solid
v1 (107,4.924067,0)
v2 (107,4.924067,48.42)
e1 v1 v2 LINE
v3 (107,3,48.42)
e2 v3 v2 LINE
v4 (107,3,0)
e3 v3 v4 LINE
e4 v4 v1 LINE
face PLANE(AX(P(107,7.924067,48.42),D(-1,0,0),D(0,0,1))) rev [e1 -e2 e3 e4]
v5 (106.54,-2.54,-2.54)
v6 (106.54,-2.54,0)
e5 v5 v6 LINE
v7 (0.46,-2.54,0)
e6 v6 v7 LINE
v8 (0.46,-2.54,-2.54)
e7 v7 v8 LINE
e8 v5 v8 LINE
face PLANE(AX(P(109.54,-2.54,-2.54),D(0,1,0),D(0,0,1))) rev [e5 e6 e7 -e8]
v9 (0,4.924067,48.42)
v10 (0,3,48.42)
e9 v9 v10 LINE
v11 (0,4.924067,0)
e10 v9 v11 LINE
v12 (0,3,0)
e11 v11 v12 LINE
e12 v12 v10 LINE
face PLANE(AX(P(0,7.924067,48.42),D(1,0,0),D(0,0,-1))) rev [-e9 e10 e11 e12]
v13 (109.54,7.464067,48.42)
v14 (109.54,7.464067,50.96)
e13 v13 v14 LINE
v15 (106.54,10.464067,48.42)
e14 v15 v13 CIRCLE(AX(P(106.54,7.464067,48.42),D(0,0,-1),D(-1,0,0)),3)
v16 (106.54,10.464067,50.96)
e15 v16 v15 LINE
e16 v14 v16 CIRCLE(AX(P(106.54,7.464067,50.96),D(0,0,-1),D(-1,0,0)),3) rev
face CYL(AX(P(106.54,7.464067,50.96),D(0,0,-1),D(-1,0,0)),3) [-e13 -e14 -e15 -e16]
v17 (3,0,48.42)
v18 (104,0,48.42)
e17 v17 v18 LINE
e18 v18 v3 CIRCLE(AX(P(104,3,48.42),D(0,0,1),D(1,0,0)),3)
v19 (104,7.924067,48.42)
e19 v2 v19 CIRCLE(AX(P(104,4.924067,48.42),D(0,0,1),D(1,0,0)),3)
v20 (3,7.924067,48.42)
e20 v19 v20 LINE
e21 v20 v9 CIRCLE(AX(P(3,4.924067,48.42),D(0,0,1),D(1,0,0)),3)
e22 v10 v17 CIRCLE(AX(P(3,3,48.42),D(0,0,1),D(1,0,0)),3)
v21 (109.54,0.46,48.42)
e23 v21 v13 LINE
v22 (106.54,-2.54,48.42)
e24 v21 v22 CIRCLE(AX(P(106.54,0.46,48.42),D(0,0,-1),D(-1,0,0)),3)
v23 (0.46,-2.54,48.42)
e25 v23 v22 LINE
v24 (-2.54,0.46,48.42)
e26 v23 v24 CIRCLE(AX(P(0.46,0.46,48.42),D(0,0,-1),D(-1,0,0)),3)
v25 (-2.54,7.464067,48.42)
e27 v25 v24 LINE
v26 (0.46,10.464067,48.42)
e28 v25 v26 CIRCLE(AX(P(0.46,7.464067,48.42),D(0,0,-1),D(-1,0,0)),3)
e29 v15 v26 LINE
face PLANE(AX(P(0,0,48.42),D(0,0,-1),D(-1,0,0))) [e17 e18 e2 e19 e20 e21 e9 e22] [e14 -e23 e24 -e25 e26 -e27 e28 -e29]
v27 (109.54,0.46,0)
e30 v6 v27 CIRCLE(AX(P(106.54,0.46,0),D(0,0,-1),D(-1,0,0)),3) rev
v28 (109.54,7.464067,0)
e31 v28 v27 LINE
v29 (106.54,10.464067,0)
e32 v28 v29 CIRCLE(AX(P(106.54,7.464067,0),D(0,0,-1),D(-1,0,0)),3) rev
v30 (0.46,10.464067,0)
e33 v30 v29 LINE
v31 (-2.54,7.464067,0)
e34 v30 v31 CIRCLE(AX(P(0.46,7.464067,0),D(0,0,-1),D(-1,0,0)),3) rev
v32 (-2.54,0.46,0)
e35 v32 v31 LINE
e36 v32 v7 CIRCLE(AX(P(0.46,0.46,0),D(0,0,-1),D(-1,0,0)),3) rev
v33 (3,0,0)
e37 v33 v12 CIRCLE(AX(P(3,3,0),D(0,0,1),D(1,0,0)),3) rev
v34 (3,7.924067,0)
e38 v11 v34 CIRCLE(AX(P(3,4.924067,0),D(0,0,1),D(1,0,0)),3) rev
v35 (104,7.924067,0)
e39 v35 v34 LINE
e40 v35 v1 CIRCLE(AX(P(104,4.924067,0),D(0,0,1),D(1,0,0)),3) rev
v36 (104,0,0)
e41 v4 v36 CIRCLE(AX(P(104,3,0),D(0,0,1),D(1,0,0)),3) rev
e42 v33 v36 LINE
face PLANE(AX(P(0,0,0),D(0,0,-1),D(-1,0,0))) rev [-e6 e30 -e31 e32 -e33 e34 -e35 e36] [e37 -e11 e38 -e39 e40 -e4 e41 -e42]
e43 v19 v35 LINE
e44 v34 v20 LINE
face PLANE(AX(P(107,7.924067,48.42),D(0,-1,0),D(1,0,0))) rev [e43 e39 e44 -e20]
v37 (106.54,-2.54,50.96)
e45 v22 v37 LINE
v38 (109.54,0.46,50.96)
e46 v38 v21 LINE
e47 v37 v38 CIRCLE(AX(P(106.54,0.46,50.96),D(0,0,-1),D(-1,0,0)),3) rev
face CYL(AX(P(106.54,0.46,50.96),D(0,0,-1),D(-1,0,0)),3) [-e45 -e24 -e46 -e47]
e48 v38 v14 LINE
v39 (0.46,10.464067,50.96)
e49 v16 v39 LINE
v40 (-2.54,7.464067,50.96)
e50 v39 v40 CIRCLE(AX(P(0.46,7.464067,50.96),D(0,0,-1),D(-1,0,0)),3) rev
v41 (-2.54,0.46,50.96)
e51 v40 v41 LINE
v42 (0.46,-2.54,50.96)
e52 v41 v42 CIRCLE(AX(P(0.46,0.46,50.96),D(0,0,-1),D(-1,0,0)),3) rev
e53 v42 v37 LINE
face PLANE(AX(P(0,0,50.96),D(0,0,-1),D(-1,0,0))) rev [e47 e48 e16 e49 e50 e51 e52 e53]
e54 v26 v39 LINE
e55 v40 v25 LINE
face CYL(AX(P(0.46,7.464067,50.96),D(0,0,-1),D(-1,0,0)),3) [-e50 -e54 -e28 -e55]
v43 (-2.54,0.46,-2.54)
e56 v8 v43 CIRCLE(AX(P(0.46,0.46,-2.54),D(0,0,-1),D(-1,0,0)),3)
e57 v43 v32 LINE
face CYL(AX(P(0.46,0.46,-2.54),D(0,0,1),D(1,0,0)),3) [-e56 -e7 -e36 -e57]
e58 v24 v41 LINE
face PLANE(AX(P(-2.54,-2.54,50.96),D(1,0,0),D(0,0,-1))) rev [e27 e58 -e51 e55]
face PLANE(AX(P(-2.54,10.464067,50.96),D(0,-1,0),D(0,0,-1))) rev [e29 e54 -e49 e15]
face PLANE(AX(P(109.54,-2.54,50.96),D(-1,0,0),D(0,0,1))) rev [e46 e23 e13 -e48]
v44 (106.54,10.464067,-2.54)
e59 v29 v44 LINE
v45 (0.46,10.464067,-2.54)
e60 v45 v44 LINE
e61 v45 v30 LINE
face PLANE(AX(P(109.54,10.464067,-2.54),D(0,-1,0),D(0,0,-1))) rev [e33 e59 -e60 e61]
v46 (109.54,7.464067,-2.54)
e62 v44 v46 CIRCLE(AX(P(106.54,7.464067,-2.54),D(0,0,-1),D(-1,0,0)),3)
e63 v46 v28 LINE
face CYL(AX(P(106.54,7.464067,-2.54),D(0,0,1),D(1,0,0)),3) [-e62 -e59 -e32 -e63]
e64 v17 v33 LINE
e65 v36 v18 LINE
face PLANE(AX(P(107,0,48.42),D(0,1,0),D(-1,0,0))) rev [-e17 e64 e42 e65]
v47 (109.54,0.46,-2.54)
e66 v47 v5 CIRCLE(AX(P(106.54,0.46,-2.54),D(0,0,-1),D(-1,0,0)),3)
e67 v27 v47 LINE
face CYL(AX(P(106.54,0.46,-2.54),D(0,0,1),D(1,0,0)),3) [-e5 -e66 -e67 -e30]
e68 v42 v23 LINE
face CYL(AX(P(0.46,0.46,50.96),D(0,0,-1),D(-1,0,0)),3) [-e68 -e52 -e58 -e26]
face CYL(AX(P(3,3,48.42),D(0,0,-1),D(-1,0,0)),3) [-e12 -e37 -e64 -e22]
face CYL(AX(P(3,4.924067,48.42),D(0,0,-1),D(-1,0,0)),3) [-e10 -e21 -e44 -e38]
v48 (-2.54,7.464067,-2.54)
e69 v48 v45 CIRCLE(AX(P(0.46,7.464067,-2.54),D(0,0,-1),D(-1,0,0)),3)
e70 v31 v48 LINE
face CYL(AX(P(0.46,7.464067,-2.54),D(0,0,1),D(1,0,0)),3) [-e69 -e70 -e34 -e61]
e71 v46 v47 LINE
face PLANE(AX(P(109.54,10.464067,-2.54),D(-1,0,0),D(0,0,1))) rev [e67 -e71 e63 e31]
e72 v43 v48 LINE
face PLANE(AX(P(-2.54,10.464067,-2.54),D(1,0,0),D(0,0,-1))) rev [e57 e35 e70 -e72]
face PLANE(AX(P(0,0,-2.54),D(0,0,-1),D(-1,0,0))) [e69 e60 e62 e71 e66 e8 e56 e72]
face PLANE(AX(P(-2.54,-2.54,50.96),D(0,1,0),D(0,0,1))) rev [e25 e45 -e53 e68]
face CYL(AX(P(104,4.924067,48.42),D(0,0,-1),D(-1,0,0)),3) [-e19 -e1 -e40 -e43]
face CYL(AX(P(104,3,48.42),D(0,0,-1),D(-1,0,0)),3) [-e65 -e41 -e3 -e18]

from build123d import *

# Parameters (mm, degrees)
SKETCH2_W           = 107
SKETCH2_H           = 7.924066875
BOSS_EXTRUDE1_DEPTH = 48.42
FILLET1_R           = 3
SKETCH3_W           = 112.08
SKETCH3_H           = 13.004066875
BOSS_EXTRUDE2_DEPTH = 2.54
SKETCH4_W           = 112.08
SKETCH4_H           = 13.004066875
BOSS_EXTRUDE3_DEPTH = 2.54
FILLET2_R           = 3


with BuildPart() as part:
    # Sketch2 → Boss-Extrude1 (new body)
    with BuildSketch(Plane.XY):
        with Locations((53.5, 3.962033438)):
            Rectangle(SKETCH2_W, SKETCH2_H)
    extrude(amount=BOSS_EXTRUDE1_DEPTH)

    # Fillet1
    fillet1_edges = [part.edges().sort_by_distance(p)[0] for p in [
        (0, 0, 24.21),
        (0, 7.924066875, 24.21),
        (107, 7.924066875, 24.21),
        (107, 0, 24.21),
    ]]
    fillet(fillet1_edges, radius=FILLET1_R)

    # Sketch3 → Boss-Extrude2 (add)
    with BuildSketch(Plane.XY.offset(48.42)):
        with Locations((53.5, 3.962033438)):
            Rectangle(SKETCH3_W, SKETCH3_H)
    extrude(amount=BOSS_EXTRUDE2_DEPTH)

    # Sketch4 → Boss-Extrude3 (add)
    with BuildSketch(Plane(origin=(0, 0, 0), x_dir=(-1, 0, 0), z_dir=(0, 0, -1))):
        with Locations((-53.5, 3.962033438)):
            Rectangle(SKETCH4_W, SKETCH4_H)
    extrude(amount=BOSS_EXTRUDE3_DEPTH)

    # Fillet2
    fillet2_edges = [part.edges().sort_by_distance(p)[0] for p in [
        (-2.54, 10.464066875, 49.69),
        (-2.54, -2.54, 49.69),
        (109.54, -2.54, 49.69),
        (109.54, 10.464066875, 49.69),
        (109.54, 10.464066875, -1.27),
        (109.54, -2.54, -1.27),
        (-2.54, -2.54, -1.27),
        (-2.54, 10.464066875, -1.27),
    ]]
    fillet(fillet2_edges, radius=FILLET2_R)


solid = part.part
